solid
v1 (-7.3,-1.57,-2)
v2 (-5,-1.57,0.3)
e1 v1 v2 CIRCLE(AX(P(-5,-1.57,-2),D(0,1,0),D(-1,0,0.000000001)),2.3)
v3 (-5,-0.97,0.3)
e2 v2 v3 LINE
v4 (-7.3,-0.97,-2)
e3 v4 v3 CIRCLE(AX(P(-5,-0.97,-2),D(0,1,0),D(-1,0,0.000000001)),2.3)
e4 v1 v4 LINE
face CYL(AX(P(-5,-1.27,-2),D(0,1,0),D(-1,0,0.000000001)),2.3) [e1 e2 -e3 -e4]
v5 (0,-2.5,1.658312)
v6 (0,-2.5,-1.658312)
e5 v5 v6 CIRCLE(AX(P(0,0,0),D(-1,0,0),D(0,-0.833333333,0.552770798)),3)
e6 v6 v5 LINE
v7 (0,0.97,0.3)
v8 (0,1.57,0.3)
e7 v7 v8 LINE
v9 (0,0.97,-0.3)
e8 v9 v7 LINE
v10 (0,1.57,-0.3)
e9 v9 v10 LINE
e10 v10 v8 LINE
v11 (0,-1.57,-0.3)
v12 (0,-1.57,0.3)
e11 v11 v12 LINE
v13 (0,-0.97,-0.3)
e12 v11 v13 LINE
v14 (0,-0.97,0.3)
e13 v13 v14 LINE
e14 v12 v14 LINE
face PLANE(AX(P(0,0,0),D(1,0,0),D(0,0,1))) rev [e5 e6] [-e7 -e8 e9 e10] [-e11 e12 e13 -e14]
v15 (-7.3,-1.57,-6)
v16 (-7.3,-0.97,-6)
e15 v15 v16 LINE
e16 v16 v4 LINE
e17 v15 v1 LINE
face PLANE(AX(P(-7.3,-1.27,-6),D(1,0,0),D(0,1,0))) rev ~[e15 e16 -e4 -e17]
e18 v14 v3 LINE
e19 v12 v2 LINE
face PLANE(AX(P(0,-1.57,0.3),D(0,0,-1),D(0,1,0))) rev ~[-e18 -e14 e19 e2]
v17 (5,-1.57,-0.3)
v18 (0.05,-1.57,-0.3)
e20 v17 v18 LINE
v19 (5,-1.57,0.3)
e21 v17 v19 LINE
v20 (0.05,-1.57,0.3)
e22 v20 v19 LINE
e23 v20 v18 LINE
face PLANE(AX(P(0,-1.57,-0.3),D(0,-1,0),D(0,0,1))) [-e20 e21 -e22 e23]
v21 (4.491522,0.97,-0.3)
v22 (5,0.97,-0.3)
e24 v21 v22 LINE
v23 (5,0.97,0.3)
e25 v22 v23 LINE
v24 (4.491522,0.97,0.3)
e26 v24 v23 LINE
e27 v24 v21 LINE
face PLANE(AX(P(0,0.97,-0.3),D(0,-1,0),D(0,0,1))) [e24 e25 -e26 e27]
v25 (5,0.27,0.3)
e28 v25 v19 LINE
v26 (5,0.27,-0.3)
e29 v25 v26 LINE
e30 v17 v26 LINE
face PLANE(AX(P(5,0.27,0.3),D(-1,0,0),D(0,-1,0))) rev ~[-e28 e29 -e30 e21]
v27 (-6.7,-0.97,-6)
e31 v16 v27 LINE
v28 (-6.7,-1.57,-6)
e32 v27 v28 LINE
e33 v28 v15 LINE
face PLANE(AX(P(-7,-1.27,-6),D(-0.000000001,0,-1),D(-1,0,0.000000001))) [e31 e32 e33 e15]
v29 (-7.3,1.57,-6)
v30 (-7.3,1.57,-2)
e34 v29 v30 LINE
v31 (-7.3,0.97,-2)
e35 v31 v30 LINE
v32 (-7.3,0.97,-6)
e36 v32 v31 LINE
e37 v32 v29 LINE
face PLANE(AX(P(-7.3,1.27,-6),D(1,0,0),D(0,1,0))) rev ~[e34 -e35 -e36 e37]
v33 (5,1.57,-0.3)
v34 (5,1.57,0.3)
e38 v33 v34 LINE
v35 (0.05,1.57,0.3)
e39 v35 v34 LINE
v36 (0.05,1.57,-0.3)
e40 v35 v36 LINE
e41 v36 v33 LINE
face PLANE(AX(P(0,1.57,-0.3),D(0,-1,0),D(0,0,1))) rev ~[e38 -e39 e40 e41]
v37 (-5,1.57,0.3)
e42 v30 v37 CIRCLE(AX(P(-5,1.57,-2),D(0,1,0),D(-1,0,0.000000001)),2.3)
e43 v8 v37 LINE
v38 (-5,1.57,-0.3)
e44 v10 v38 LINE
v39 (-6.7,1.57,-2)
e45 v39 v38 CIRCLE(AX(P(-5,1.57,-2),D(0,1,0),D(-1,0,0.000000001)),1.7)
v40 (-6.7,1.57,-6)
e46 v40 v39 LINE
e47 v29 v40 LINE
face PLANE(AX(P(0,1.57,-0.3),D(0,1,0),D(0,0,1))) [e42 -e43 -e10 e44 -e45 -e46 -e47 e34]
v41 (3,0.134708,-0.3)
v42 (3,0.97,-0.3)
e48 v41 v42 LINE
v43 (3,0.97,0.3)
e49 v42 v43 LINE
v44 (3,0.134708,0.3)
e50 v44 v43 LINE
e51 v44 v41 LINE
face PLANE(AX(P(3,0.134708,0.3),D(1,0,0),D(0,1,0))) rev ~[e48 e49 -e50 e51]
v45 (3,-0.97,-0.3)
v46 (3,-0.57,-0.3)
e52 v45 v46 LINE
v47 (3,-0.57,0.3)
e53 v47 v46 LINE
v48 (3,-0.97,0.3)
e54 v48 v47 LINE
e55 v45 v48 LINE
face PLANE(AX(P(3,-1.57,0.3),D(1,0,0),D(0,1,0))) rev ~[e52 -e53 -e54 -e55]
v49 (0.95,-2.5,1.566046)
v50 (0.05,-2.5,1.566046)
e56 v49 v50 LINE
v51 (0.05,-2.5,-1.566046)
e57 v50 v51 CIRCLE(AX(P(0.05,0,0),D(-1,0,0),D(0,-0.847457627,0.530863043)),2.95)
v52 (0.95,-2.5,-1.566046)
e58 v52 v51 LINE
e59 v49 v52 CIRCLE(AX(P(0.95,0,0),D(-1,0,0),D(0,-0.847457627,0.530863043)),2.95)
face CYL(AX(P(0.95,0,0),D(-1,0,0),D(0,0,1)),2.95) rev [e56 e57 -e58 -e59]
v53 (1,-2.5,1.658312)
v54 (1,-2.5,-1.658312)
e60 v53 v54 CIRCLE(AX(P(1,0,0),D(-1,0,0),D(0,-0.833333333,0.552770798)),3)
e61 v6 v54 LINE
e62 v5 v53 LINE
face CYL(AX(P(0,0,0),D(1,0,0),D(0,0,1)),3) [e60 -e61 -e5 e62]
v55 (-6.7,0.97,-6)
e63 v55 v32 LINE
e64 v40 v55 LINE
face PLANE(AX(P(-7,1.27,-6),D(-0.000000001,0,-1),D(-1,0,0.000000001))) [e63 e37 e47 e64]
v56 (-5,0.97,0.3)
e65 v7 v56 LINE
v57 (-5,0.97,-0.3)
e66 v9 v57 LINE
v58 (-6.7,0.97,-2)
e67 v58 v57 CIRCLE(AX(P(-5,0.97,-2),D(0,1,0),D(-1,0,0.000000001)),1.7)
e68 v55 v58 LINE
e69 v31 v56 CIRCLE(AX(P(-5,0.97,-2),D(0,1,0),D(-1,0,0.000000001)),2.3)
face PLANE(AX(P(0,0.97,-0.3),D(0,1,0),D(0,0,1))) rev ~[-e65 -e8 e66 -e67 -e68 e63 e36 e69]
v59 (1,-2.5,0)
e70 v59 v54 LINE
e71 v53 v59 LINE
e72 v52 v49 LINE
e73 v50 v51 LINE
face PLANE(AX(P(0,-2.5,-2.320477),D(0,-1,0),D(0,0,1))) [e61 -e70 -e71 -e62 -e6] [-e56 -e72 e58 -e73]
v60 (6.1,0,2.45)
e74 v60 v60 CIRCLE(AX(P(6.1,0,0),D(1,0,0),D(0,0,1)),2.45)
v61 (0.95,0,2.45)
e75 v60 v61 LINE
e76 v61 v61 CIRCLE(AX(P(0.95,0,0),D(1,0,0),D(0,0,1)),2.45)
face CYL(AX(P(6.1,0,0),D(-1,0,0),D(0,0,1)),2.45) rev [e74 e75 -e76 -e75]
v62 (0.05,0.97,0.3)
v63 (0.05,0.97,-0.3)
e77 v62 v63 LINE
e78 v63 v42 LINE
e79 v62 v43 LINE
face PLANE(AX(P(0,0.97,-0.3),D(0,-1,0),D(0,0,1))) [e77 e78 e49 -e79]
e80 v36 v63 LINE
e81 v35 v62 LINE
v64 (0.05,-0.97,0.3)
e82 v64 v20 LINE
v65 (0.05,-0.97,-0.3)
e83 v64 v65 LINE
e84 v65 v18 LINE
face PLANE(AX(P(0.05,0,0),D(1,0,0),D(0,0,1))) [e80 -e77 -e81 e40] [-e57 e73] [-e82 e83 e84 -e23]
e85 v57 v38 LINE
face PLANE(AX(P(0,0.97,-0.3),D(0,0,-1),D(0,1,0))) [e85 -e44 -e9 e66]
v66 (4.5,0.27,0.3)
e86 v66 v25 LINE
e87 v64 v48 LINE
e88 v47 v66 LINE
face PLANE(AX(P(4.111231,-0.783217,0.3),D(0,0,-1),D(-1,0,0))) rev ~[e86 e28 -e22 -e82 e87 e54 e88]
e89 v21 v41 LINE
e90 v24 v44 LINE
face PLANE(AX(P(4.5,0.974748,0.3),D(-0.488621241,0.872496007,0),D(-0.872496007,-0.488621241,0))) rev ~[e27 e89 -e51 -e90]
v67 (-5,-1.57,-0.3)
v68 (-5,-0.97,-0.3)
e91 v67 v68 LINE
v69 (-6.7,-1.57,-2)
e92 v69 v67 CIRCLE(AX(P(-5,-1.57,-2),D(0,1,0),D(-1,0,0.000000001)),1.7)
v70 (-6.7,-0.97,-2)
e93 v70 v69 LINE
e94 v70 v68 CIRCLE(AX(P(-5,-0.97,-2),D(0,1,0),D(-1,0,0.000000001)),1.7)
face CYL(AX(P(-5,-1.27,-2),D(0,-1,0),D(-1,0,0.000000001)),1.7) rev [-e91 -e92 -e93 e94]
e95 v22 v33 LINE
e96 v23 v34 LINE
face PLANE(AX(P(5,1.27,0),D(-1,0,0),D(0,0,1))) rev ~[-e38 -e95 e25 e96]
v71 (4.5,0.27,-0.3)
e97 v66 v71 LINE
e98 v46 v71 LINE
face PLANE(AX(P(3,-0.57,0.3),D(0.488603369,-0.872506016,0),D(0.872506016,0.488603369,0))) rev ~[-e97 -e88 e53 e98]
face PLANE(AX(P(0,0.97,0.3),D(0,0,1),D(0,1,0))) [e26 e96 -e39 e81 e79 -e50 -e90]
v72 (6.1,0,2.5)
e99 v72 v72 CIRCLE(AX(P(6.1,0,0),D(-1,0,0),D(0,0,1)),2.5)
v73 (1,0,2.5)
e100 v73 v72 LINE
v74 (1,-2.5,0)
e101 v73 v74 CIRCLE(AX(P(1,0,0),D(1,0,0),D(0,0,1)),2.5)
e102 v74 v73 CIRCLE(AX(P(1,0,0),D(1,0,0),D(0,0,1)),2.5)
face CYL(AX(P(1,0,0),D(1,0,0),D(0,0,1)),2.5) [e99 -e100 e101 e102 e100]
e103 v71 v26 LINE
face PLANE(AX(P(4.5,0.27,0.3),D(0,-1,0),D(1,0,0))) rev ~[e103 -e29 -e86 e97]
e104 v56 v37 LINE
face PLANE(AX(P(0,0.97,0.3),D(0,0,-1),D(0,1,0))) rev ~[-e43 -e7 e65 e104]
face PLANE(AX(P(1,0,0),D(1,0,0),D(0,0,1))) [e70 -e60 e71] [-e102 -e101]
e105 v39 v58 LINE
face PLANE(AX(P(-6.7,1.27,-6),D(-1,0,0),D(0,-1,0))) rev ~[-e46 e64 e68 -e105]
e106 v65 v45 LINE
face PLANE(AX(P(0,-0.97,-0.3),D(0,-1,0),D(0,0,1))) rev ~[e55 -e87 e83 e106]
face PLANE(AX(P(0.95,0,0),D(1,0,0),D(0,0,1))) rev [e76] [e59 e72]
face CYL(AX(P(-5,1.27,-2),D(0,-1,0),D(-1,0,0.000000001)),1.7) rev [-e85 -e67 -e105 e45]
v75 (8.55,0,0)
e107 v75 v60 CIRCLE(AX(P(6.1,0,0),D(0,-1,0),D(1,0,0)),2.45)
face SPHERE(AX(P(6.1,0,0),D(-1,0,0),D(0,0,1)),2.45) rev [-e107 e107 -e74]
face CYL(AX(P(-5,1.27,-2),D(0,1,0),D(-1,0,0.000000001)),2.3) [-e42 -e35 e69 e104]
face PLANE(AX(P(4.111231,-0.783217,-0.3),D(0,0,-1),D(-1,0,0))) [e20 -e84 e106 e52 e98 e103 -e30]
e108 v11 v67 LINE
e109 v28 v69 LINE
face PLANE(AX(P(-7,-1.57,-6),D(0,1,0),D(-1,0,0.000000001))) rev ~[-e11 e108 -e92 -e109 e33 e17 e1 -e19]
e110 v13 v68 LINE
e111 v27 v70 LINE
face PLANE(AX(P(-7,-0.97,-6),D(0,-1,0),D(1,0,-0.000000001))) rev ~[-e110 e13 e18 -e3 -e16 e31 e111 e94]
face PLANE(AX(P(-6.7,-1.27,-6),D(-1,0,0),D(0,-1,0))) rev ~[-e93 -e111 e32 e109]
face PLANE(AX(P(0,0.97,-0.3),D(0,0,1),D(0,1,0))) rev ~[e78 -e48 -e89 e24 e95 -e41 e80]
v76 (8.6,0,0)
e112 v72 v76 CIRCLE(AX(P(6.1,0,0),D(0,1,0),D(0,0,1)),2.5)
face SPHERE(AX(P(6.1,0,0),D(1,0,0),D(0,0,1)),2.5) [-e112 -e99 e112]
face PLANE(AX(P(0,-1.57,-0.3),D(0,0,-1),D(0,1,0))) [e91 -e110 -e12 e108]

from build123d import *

# Parameters (mm, degrees)
ESQUISSE2_W             = 4.921723832
ESQUISSE2_H             = 0.78450296
ENL_V_MAT_EXTRU_1_DEPTH = 9.6
ESQUISSE3_W             = 0.6
ESQUISSE3_H             = 0.6
BOSS_EXTRU_2_DEPTH      = 5
BOSS_EXTRU_2_DEPTH_BACK = 5
BOSS_EXTRU_3_DEPTH      = 0.6
BOSS_EXTRU_4_DEPTH      = 0.6
ESQUISSE5_W             = 0.6
ESQUISSE5_H             = 0.6


with BuildPart() as part:
    # Esquisse1 → Révolution1 (revolve)
    with BuildSketch(Plane.XY, mode=Mode.PRIVATE) as r_volution1_sk:
        with BuildLine():
            Line((0, 0), (0, 3))
            Line((0, 3), (1, 3))
            Line((1, 3), (1, 2.5))
            Line((1, 2.5), (6.1, 2.5))
            ThreePointArc((6.1, 2.5), (7.867766953, 1.767766953), (8.6, 0))
            Line((8.6, 0), (8.55, 0))
            ThreePointArc((8.55, 0), (7.832411614, 1.732411614), (6.1, 2.45))
            Line((6.1, 2.45), (0.95, 2.45))
            Line((0.95, 2.45), (0.95, 2.95))
            Line((0.95, 2.95), (0.05, 2.95))
            Line((0.05, 2.95), (0.05, 0))
            Line((0.05, 0), (0, 0))
        make_face()
    revolve(r_volution1_sk.sketch.rotate(Axis((-3.652103808, 0, 0), (1, 0, 0)), 90), axis=Axis((-3.652103808, 0, 0), (1, 0, 0)))  # turned: the seam where the file's is

    # Esquisse2 → Enlèv. mat.-Extru.1 (cut, through all)
    with BuildSketch(Plane.ZY):
        with Locations((0.14038474, -2.89225148)):
            Rectangle(ESQUISSE2_W, ESQUISSE2_H)
    extrude(amount=-ENL_V_MAT_EXTRU_1_DEPTH, mode=Mode.SUBTRACT)

    # Esquisse3 → Boss.-Extru.2 (add, two sides)
    with BuildSketch(Plane.ZY) as boss_extru_2_sk:
        with Locations((0, -1.27)):
            Rectangle(ESQUISSE3_W, ESQUISSE3_H)
        with Locations((0, 1.27)):
            Rectangle(ESQUISSE3_W, ESQUISSE3_H)
    extrude(amount=BOSS_EXTRU_2_DEPTH)
    extrude(boss_extru_2_sk.sketch, amount=-BOSS_EXTRU_2_DEPTH_BACK)

    # Esquisse6 → Boss.-Extru.3 (add)
    with BuildSketch(Plane.XY.offset(0.3)):
        Polygon((5, 0.27), (5, -1.57), (3, -1.57), (3, -0.57), (4.5, 0.27), align=None)
    extrude(amount=-BOSS_EXTRU_3_DEPTH)

    # Esquisse7 → Boss.-Extru.4 (add)
    with BuildSketch(Plane.XY.offset(0.3)):
        Polygon((4.5, 0.974748074), (3, 0.134707712), (3, 0.974748074), align=None)
    extrude(amount=-BOSS_EXTRU_4_DEPTH)

    # Balayage4: sweep along a path in Esquisse4
    with BuildLine(Plane(origin=(0, -1.27, 0), x_dir=(1, 0, 0), z_dir=(0, 1, 0))) as balayage4_path:
        Line((-7, 6), (-7, 2))
        ThreePointArc((-7, 2), (-6.414213562, 0.585786438), (-5, 0))
    # Esquisse5 → Balayage4 (sweep)
    with BuildSketch(Plane.ZY.offset(5)):
        with Locations((0, -1.27)):
            Rectangle(ESQUISSE5_W, ESQUISSE5_H)
        with Locations((0, 1.27)):
            Rectangle(ESQUISSE5_W, ESQUISSE5_H)
    sweep(path=balayage4_path.line)


solid = part.part
